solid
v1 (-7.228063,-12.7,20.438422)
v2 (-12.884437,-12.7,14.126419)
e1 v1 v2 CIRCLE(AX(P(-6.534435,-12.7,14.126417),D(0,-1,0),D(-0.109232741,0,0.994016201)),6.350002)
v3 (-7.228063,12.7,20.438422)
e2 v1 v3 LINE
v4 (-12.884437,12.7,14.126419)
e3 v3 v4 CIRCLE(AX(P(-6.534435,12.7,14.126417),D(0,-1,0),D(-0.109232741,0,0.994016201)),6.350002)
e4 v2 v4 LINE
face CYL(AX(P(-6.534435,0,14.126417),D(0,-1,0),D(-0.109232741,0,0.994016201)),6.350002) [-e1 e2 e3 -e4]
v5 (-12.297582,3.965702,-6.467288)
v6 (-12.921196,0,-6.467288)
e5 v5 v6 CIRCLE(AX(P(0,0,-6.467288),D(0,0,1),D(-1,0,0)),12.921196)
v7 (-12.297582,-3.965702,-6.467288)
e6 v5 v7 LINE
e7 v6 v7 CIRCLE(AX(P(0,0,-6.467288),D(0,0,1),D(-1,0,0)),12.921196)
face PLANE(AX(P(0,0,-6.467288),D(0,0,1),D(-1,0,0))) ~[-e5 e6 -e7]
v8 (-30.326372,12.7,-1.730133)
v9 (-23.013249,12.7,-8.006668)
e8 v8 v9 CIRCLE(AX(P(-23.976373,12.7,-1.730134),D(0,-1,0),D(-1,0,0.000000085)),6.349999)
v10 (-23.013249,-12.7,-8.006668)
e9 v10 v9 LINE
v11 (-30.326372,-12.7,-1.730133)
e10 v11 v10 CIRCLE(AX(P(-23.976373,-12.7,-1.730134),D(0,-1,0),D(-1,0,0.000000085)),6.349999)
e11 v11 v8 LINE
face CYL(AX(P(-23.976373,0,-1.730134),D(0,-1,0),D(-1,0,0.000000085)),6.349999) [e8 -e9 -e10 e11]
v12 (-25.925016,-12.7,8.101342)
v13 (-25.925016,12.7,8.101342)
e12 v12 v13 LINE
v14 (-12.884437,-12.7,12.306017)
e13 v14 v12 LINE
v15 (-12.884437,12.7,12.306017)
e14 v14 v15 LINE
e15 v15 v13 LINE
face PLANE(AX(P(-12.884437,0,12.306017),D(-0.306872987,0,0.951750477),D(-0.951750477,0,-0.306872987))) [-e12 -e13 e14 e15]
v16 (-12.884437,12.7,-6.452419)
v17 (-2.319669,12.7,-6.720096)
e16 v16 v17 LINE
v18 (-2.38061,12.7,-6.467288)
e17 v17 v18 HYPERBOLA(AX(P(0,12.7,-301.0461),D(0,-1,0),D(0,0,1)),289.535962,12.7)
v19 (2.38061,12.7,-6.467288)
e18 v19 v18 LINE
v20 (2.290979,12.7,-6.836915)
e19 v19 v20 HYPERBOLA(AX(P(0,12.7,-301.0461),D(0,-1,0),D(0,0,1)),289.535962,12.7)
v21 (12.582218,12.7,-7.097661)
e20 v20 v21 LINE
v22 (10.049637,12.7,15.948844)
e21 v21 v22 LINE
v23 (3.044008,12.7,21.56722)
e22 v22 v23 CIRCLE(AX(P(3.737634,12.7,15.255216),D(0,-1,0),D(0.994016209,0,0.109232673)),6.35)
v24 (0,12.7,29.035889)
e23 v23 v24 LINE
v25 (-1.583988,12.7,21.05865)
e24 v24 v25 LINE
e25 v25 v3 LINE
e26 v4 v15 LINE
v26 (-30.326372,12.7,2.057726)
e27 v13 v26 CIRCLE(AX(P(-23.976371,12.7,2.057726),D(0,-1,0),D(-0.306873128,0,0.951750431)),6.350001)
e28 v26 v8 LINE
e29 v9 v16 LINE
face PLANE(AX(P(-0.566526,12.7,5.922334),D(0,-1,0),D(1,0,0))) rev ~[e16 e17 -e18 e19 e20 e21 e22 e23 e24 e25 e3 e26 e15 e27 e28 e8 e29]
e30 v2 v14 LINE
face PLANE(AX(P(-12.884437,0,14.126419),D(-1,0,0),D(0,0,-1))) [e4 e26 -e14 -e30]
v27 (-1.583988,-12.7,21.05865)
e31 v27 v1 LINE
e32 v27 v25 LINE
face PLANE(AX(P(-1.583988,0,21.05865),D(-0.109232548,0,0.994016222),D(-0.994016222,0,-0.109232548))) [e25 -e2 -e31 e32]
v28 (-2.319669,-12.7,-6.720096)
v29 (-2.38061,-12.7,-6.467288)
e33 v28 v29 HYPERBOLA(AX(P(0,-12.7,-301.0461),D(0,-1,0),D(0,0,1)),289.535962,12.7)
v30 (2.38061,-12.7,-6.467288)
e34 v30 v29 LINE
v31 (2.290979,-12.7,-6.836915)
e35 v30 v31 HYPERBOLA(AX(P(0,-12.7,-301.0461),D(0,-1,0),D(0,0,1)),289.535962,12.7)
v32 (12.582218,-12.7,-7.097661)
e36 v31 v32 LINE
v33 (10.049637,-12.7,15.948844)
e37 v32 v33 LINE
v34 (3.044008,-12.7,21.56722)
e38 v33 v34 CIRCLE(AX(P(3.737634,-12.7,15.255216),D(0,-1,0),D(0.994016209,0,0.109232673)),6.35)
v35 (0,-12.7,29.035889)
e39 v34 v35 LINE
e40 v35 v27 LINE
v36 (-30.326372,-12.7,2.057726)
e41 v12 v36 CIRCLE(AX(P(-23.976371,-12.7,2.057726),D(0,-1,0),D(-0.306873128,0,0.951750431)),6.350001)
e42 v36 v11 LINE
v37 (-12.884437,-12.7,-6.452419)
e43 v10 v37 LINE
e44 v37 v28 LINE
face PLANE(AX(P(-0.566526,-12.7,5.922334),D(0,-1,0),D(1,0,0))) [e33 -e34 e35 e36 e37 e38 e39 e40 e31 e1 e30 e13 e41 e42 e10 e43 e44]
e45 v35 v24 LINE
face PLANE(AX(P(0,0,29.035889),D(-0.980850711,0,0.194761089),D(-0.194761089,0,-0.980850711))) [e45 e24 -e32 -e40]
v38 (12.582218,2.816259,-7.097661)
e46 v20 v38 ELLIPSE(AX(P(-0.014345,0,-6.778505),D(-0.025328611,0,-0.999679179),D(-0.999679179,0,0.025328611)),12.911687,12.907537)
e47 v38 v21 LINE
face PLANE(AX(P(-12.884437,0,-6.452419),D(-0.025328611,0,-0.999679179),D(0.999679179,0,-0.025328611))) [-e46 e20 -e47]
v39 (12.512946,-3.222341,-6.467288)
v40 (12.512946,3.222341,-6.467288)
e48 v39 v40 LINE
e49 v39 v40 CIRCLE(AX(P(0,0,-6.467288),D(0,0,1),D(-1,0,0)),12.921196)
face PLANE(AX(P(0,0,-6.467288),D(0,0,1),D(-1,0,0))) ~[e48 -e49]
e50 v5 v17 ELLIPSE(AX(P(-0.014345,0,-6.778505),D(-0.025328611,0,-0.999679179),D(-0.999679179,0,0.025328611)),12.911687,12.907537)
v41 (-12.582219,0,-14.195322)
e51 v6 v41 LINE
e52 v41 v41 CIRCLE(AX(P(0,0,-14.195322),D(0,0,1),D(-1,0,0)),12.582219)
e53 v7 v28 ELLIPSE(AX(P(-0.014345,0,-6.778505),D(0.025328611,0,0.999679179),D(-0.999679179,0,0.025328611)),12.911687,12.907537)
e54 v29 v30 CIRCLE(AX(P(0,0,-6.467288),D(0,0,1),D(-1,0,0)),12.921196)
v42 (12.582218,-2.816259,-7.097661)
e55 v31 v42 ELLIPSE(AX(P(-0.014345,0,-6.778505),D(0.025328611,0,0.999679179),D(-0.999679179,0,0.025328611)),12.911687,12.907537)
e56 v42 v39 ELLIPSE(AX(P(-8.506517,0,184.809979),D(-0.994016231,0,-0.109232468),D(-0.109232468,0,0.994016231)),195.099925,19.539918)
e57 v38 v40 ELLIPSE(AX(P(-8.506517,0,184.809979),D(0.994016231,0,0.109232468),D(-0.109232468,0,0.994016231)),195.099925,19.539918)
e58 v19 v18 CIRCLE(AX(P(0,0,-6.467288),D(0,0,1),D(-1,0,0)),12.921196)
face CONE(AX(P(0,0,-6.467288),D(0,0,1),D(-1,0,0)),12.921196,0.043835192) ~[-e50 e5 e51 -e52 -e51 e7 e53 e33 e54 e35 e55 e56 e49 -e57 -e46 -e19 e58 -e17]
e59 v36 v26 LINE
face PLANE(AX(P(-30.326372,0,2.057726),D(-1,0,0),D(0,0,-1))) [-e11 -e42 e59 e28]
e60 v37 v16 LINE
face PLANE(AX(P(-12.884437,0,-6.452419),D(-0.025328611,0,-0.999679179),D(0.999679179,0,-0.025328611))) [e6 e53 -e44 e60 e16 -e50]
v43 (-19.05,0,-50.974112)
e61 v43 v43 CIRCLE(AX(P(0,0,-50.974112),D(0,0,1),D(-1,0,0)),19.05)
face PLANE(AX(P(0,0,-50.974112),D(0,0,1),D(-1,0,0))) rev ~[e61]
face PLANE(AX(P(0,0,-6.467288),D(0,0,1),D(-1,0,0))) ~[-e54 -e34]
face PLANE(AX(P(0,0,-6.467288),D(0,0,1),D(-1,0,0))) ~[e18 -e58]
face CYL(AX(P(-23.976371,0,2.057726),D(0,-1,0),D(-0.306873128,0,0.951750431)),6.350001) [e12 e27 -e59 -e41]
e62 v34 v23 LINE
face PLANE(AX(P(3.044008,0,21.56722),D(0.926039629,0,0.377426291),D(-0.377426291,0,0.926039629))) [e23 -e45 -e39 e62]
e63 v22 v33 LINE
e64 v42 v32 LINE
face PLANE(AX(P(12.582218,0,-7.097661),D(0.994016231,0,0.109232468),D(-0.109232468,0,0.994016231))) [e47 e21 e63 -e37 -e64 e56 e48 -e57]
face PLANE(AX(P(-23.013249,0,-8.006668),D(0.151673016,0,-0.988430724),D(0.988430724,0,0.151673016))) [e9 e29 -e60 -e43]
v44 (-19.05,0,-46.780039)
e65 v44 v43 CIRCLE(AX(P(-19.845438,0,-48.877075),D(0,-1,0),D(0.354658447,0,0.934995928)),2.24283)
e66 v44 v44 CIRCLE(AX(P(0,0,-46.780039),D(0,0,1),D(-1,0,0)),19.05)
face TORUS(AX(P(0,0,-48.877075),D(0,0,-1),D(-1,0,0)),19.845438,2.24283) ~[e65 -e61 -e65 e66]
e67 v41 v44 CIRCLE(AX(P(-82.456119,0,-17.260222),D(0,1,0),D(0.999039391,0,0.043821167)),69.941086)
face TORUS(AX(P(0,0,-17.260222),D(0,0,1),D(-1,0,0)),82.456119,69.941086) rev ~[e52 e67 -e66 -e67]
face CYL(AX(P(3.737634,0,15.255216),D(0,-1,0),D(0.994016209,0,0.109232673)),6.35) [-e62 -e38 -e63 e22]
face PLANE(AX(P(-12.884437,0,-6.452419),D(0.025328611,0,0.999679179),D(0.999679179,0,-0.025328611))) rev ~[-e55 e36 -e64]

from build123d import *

# Parameters (mm, degrees)
F3_DEPTH = 12.7
F4_DEPTH = 12.7


with BuildPart() as f1:
    # F0 (on Front) → F1 (revolve)
    with BuildSketch(Plane.XZ):
        with BuildLine():
            Line((-19.05, -50.974112), (0, -50.974112))
            Line((0, -50.974112), (0, -6.467288))
            Line((0, -6.467288), (-12.921196, -6.467288))
            Line((-12.921196, -6.467288), (-12.582219, -14.195322))
            ThreePointArc((-12.582219, -14.195322), (-13.853409, -30.877259), (-19.05, -46.780039))
            ThreePointArc((-19.05, -46.780039), (-22.088268, -48.877075), (-19.05, -50.974112))
        make_face()
    revolve(axis=Axis((0, 0, -22.399112), (0, 0, 1)))

    # F2 (on Front) → F3 (join)
    with BuildSketch(Plane.XZ):
        with BuildLine():
            Line((-12.884437, -6.452419), (12.582218, -7.097661))
            Line((12.582218, -7.097661), (10.049637, 15.948844))
            ThreePointArc((10.049637, 15.948844), (7.710426, 20.208945), (3.044008, 21.56722))
            Line((3.044008, 21.56722), (-1.583988, 21.05865))
            Line((-1.583988, 21.05865), (-7.228063, 20.438422))
            ThreePointArc((-7.228063, 20.438422), (-11.263444, 18.364223), (-12.884437, 14.126419))
            Line((-12.884437, 14.126419), (-12.884437, 12.306017))
            Line((-12.884437, 12.306017), (-12.884437, -6.452419))
        make_face()
        with BuildLine():
            Line((-23.013249, -8.006668), (-12.884437, -6.452419))
            Line((-12.884437, -6.452419), (-12.884437, 12.306017))
            Line((-12.884437, 12.306017), (-25.925016, 8.101342))
            ThreePointArc((-25.925016, 8.101342), (-29.109421, 5.795949), (-30.326372, 2.057726))
            Line((-30.326372, 2.057726), (-30.326372, -1.730133))
            ThreePointArc((-30.326372, -1.730133), (-28.11199, -6.54876), (-23.013249, -8.006668))
        make_face()
        Polygon((-1.583988, 21.05865), (3.044008, 21.56722), (0, 29.035889), align=None)
    extrude(amount=F3_DEPTH)

    # F2 (on Front) → F4 (join)
    with BuildSketch(Plane.XZ):
        with BuildLine():
            Line((-12.884437, -6.452419), (12.582218, -7.097661))
            Line((12.582218, -7.097661), (10.049637, 15.948844))
            ThreePointArc((10.049637, 15.948844), (7.710426, 20.208945), (3.044008, 21.56722))
            Line((3.044008, 21.56722), (-1.583988, 21.05865))
            Line((-1.583988, 21.05865), (-7.228063, 20.438422))
            ThreePointArc((-7.228063, 20.438422), (-11.263444, 18.364223), (-12.884437, 14.126419))
            Line((-12.884437, 14.126419), (-12.884437, 12.306017))
            Line((-12.884437, 12.306017), (-12.884437, -6.452419))
        make_face()
        with BuildLine():
            Line((-23.013249, -8.006668), (-12.884437, -6.452419))
            Line((-12.884437, -6.452419), (-12.884437, 12.306017))
            Line((-12.884437, 12.306017), (-25.925016, 8.101342))
            ThreePointArc((-25.925016, 8.101342), (-29.109421, 5.795949), (-30.326372, 2.057726))
            Line((-30.326372, 2.057726), (-30.326372, -1.730133))
            ThreePointArc((-30.326372, -1.730133), (-28.11199, -6.54876), (-23.013249, -8.006668))
        make_face()
        Polygon((-1.583988, 21.05865), (3.044008, 21.56722), (0, 29.035889), align=None)
    extrude(amount=-F4_DEPTH)


solid = f1.part
